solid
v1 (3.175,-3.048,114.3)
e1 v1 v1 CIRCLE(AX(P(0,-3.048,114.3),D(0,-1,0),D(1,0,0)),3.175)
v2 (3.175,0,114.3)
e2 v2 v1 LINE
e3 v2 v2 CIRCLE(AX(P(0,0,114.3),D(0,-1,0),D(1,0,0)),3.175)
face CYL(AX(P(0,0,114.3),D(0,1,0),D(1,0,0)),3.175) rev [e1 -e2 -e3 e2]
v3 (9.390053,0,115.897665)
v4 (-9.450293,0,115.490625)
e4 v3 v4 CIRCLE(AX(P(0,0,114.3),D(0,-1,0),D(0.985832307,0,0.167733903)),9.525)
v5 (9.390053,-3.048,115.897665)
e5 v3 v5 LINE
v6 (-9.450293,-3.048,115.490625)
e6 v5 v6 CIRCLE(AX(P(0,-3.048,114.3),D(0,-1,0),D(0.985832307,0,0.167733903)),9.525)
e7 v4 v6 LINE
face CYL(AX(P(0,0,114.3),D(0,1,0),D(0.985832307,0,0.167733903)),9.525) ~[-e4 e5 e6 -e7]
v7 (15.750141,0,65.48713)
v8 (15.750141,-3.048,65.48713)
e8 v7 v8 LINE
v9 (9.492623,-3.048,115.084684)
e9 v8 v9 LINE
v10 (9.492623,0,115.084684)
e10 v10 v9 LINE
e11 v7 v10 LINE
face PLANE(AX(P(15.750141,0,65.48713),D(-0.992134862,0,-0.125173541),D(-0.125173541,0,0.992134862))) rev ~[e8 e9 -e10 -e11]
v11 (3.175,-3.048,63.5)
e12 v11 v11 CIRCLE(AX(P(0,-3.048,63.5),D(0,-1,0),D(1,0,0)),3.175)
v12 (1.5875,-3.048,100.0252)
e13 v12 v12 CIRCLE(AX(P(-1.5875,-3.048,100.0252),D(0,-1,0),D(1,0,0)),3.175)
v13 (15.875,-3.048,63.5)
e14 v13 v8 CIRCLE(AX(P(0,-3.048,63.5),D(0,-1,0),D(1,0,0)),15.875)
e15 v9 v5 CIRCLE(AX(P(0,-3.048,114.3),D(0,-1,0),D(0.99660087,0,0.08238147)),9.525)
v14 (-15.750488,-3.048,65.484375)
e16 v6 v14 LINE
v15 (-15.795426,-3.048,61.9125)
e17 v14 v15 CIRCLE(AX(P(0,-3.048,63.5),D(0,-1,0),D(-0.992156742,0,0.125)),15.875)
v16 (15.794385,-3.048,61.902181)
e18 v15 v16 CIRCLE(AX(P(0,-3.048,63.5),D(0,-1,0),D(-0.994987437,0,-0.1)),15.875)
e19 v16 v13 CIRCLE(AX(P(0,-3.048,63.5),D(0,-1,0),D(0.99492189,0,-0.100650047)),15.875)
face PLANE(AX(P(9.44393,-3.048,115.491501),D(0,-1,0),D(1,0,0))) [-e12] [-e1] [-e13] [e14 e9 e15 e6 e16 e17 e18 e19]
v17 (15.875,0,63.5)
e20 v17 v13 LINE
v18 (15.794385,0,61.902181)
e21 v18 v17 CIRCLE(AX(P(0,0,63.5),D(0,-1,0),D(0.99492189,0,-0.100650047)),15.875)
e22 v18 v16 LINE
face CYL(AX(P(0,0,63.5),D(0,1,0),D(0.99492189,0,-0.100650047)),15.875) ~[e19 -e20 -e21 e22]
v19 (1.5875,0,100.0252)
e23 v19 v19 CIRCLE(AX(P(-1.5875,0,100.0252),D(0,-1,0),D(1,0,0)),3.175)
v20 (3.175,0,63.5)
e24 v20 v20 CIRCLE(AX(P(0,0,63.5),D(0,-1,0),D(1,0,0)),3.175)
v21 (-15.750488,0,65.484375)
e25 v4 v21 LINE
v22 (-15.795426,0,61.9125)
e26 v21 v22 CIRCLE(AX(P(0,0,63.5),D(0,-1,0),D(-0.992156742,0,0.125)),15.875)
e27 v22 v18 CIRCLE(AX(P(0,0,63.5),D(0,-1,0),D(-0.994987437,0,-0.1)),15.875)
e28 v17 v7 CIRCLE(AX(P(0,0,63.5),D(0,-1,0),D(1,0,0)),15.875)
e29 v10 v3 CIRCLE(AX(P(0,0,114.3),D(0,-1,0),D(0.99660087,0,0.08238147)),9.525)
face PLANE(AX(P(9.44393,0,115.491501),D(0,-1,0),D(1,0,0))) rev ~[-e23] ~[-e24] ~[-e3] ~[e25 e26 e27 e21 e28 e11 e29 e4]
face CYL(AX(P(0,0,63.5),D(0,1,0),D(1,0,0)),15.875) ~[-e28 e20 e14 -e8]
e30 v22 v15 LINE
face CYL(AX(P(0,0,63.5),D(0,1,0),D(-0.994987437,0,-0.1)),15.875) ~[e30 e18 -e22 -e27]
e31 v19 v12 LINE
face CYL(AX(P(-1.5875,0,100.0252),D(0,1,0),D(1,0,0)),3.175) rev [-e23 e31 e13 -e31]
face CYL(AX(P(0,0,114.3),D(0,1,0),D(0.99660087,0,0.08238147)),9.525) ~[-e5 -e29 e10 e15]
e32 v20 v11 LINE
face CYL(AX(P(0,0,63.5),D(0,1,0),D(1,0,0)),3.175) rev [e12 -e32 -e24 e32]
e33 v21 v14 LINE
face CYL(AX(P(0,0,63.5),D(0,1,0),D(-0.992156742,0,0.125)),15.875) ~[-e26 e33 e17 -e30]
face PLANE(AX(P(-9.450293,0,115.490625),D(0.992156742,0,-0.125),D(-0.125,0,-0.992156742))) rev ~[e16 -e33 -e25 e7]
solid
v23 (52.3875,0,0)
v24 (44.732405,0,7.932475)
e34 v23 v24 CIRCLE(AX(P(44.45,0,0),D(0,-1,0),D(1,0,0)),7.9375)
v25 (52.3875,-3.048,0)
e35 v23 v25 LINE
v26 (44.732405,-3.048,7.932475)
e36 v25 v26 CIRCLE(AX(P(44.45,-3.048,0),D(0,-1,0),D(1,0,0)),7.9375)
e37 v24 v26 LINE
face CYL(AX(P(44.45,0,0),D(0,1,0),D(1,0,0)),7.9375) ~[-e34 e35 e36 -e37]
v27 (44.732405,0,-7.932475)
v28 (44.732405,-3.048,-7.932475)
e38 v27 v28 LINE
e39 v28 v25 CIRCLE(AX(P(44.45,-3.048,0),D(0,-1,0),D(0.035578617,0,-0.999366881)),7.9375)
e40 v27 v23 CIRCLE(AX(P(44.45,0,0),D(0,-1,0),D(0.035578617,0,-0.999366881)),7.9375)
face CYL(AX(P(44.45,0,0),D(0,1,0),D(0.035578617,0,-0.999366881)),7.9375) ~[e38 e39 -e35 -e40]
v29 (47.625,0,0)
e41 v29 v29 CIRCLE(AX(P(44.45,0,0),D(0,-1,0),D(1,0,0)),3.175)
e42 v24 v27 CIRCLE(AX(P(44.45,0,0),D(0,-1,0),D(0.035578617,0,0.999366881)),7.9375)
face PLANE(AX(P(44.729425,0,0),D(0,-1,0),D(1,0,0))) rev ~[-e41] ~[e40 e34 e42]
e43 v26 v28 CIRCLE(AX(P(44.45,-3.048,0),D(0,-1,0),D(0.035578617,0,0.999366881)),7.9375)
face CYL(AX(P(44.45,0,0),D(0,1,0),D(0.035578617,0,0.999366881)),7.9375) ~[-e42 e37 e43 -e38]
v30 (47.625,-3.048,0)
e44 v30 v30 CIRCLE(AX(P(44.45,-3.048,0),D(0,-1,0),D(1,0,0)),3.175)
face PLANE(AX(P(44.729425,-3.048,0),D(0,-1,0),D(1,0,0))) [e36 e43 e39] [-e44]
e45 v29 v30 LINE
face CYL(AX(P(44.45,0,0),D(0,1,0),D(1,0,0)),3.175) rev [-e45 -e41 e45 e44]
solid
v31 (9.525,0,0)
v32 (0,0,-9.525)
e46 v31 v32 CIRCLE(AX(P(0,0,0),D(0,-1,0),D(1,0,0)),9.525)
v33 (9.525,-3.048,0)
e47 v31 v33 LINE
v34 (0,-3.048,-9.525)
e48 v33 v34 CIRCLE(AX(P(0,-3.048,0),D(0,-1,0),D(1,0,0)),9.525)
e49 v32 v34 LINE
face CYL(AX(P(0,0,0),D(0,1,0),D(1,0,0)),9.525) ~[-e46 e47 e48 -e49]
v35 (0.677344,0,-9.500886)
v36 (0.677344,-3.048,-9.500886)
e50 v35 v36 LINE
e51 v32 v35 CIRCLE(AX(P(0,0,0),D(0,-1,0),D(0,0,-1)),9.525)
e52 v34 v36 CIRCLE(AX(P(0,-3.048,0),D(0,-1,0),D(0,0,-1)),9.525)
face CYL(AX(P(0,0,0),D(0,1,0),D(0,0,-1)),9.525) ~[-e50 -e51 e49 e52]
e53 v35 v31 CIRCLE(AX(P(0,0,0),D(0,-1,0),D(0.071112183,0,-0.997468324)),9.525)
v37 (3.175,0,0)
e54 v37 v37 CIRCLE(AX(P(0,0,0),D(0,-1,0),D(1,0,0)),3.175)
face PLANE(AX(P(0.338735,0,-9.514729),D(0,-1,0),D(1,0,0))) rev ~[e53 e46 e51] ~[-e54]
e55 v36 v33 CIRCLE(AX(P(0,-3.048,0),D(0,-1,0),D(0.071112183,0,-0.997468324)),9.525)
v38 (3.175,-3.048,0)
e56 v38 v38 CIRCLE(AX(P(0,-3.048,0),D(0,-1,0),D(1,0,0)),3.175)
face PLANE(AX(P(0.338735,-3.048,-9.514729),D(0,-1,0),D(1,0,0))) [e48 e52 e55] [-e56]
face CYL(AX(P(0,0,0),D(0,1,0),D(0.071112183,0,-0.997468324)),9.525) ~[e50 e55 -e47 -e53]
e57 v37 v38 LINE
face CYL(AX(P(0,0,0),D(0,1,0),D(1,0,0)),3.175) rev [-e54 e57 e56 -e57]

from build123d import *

# Parameters (mm, degrees)
F0_R     = 3.175
F1_DEPTH = 3.048


with BuildPart() as f1:
    # F0 (on Front) → F1 (new body)
    with BuildSketch(Plane.XZ):
        with BuildLine():
            ThreePointArc((9.4926232832, 115.0846835052), (9.4500845614, 115.4922779803), (9.3900527262, 115.8976654218))
            Line((9.3900527262, 115.8976654218), (9.4926232832, 115.0846835052))
        make_face()
        with BuildLine():
            ThreePointArc((15.7501409357, 65.4871299672), (-0.0013883883, 79.3749999393), (-15.7504882737, 65.484375))
            ThreePointArc((-15.7504882737, 65.484375), (-15.8737438155, 63.6997054867), (-15.7954255641, 61.9125))
            ThreePointArc((-15.7954255641, 61.9125), (-0.0051859112, 47.625000847), (15.7943850107, 61.9021805065))
            ThreePointArc((15.7943850107, 61.9021805065), (15.8548334435, 62.7000740799), (15.875, 63.5))
            ThreePointArc((15.875, 63.5), (15.8437544849, 64.495524396), (15.7501409357, 65.4871299672))
        make_face()
        with Locations((0, 63.5)):
            Circle(F0_R, mode=Mode.SUBTRACT)
        with BuildLine():
            Line((9.4926232832, 115.0846835052), (9.3900527262, 115.8976654218))
            ThreePointArc((9.3900527262, 115.8976654218), (-0.2057369627, 123.8227778144), (-9.4502929642, 115.490625))
            ThreePointArc((-9.4502929642, 115.490625), (-0.596483242, 104.7936951058), (9.525, 114.3))
            ThreePointArc((9.525, 114.3), (9.5169023787, 114.6926755834), (9.4926232832, 115.0846835052))
        make_face()
        with Locations((0, 114.3)):
            Circle(F0_R, mode=Mode.SUBTRACT)
        with BuildLine():
            ThreePointArc((9.525, 114.3), (-0.596483242, 104.7936951058), (-9.4502929642, 115.490625))
            Line((-9.4502929642, 115.490625), (-15.7504882737, 65.484375))
            ThreePointArc((-15.7504882737, 65.484375), (-0.0013883883, 79.3749999393), (15.7501409357, 65.4871299672))
            Line((15.7501409357, 65.4871299672), (9.4926232832, 115.0846835052))
            ThreePointArc((9.4926232832, 115.0846835052), (9.5169023787, 114.6926755834), (9.525, 114.3))
        make_face()
        with Locations((-1.5875, 100.0252)):
            Circle(F0_R, mode=Mode.SUBTRACT)
    extrude(amount=F1_DEPTH)


with BuildPart() as f1b:
    # F0 (on Front) → F1, piece 2 (new body)
    with BuildSketch(Plane.XZ):
        with BuildLine():
            ThreePointArc((0, -9.525), (0.3388863295, -9.5189695375), (0.6773435479, -9.500885786))
            Line((0.6773435479, -9.500885786), (0, -9.525))
        make_face()
        with BuildLine():
            Line((0, -9.525), (0.6773435479, -9.500885786))
            ThreePointArc((0.6773435479, -9.500885786), (6.9705567315, -6.4912990883), (9.525, 0))
            ThreePointArc((9.525, 0), (-6.7351920908, 6.7351920908), (0, -9.525))
        make_face()
        Circle(F0_R, mode=Mode.SUBTRACT)
    extrude(amount=F1_DEPTH)


with BuildPart() as f1c:
    # F0 (on Front) → F1, piece 3 (new body)
    with BuildSketch(Plane.XZ):
        with BuildLine():
            ThreePointArc((52.3875, 0), (50.1616327839, 5.5119104847), (44.7324052746, 7.9324746146))
            ThreePointArc((44.7324052746, 7.9324746146), (36.5125, 0), (44.7324052746, -7.9324746146))
            ThreePointArc((44.7324052746, -7.9324746146), (50.1616327839, -5.5119104847), (52.3875, 0))
        make_face()
        with Locations((44.45, 0)):
            Circle(F0_R, mode=Mode.SUBTRACT)
    extrude(amount=F1_DEPTH)


solid = Compound([f1.part, f1b.part, f1c.part])
